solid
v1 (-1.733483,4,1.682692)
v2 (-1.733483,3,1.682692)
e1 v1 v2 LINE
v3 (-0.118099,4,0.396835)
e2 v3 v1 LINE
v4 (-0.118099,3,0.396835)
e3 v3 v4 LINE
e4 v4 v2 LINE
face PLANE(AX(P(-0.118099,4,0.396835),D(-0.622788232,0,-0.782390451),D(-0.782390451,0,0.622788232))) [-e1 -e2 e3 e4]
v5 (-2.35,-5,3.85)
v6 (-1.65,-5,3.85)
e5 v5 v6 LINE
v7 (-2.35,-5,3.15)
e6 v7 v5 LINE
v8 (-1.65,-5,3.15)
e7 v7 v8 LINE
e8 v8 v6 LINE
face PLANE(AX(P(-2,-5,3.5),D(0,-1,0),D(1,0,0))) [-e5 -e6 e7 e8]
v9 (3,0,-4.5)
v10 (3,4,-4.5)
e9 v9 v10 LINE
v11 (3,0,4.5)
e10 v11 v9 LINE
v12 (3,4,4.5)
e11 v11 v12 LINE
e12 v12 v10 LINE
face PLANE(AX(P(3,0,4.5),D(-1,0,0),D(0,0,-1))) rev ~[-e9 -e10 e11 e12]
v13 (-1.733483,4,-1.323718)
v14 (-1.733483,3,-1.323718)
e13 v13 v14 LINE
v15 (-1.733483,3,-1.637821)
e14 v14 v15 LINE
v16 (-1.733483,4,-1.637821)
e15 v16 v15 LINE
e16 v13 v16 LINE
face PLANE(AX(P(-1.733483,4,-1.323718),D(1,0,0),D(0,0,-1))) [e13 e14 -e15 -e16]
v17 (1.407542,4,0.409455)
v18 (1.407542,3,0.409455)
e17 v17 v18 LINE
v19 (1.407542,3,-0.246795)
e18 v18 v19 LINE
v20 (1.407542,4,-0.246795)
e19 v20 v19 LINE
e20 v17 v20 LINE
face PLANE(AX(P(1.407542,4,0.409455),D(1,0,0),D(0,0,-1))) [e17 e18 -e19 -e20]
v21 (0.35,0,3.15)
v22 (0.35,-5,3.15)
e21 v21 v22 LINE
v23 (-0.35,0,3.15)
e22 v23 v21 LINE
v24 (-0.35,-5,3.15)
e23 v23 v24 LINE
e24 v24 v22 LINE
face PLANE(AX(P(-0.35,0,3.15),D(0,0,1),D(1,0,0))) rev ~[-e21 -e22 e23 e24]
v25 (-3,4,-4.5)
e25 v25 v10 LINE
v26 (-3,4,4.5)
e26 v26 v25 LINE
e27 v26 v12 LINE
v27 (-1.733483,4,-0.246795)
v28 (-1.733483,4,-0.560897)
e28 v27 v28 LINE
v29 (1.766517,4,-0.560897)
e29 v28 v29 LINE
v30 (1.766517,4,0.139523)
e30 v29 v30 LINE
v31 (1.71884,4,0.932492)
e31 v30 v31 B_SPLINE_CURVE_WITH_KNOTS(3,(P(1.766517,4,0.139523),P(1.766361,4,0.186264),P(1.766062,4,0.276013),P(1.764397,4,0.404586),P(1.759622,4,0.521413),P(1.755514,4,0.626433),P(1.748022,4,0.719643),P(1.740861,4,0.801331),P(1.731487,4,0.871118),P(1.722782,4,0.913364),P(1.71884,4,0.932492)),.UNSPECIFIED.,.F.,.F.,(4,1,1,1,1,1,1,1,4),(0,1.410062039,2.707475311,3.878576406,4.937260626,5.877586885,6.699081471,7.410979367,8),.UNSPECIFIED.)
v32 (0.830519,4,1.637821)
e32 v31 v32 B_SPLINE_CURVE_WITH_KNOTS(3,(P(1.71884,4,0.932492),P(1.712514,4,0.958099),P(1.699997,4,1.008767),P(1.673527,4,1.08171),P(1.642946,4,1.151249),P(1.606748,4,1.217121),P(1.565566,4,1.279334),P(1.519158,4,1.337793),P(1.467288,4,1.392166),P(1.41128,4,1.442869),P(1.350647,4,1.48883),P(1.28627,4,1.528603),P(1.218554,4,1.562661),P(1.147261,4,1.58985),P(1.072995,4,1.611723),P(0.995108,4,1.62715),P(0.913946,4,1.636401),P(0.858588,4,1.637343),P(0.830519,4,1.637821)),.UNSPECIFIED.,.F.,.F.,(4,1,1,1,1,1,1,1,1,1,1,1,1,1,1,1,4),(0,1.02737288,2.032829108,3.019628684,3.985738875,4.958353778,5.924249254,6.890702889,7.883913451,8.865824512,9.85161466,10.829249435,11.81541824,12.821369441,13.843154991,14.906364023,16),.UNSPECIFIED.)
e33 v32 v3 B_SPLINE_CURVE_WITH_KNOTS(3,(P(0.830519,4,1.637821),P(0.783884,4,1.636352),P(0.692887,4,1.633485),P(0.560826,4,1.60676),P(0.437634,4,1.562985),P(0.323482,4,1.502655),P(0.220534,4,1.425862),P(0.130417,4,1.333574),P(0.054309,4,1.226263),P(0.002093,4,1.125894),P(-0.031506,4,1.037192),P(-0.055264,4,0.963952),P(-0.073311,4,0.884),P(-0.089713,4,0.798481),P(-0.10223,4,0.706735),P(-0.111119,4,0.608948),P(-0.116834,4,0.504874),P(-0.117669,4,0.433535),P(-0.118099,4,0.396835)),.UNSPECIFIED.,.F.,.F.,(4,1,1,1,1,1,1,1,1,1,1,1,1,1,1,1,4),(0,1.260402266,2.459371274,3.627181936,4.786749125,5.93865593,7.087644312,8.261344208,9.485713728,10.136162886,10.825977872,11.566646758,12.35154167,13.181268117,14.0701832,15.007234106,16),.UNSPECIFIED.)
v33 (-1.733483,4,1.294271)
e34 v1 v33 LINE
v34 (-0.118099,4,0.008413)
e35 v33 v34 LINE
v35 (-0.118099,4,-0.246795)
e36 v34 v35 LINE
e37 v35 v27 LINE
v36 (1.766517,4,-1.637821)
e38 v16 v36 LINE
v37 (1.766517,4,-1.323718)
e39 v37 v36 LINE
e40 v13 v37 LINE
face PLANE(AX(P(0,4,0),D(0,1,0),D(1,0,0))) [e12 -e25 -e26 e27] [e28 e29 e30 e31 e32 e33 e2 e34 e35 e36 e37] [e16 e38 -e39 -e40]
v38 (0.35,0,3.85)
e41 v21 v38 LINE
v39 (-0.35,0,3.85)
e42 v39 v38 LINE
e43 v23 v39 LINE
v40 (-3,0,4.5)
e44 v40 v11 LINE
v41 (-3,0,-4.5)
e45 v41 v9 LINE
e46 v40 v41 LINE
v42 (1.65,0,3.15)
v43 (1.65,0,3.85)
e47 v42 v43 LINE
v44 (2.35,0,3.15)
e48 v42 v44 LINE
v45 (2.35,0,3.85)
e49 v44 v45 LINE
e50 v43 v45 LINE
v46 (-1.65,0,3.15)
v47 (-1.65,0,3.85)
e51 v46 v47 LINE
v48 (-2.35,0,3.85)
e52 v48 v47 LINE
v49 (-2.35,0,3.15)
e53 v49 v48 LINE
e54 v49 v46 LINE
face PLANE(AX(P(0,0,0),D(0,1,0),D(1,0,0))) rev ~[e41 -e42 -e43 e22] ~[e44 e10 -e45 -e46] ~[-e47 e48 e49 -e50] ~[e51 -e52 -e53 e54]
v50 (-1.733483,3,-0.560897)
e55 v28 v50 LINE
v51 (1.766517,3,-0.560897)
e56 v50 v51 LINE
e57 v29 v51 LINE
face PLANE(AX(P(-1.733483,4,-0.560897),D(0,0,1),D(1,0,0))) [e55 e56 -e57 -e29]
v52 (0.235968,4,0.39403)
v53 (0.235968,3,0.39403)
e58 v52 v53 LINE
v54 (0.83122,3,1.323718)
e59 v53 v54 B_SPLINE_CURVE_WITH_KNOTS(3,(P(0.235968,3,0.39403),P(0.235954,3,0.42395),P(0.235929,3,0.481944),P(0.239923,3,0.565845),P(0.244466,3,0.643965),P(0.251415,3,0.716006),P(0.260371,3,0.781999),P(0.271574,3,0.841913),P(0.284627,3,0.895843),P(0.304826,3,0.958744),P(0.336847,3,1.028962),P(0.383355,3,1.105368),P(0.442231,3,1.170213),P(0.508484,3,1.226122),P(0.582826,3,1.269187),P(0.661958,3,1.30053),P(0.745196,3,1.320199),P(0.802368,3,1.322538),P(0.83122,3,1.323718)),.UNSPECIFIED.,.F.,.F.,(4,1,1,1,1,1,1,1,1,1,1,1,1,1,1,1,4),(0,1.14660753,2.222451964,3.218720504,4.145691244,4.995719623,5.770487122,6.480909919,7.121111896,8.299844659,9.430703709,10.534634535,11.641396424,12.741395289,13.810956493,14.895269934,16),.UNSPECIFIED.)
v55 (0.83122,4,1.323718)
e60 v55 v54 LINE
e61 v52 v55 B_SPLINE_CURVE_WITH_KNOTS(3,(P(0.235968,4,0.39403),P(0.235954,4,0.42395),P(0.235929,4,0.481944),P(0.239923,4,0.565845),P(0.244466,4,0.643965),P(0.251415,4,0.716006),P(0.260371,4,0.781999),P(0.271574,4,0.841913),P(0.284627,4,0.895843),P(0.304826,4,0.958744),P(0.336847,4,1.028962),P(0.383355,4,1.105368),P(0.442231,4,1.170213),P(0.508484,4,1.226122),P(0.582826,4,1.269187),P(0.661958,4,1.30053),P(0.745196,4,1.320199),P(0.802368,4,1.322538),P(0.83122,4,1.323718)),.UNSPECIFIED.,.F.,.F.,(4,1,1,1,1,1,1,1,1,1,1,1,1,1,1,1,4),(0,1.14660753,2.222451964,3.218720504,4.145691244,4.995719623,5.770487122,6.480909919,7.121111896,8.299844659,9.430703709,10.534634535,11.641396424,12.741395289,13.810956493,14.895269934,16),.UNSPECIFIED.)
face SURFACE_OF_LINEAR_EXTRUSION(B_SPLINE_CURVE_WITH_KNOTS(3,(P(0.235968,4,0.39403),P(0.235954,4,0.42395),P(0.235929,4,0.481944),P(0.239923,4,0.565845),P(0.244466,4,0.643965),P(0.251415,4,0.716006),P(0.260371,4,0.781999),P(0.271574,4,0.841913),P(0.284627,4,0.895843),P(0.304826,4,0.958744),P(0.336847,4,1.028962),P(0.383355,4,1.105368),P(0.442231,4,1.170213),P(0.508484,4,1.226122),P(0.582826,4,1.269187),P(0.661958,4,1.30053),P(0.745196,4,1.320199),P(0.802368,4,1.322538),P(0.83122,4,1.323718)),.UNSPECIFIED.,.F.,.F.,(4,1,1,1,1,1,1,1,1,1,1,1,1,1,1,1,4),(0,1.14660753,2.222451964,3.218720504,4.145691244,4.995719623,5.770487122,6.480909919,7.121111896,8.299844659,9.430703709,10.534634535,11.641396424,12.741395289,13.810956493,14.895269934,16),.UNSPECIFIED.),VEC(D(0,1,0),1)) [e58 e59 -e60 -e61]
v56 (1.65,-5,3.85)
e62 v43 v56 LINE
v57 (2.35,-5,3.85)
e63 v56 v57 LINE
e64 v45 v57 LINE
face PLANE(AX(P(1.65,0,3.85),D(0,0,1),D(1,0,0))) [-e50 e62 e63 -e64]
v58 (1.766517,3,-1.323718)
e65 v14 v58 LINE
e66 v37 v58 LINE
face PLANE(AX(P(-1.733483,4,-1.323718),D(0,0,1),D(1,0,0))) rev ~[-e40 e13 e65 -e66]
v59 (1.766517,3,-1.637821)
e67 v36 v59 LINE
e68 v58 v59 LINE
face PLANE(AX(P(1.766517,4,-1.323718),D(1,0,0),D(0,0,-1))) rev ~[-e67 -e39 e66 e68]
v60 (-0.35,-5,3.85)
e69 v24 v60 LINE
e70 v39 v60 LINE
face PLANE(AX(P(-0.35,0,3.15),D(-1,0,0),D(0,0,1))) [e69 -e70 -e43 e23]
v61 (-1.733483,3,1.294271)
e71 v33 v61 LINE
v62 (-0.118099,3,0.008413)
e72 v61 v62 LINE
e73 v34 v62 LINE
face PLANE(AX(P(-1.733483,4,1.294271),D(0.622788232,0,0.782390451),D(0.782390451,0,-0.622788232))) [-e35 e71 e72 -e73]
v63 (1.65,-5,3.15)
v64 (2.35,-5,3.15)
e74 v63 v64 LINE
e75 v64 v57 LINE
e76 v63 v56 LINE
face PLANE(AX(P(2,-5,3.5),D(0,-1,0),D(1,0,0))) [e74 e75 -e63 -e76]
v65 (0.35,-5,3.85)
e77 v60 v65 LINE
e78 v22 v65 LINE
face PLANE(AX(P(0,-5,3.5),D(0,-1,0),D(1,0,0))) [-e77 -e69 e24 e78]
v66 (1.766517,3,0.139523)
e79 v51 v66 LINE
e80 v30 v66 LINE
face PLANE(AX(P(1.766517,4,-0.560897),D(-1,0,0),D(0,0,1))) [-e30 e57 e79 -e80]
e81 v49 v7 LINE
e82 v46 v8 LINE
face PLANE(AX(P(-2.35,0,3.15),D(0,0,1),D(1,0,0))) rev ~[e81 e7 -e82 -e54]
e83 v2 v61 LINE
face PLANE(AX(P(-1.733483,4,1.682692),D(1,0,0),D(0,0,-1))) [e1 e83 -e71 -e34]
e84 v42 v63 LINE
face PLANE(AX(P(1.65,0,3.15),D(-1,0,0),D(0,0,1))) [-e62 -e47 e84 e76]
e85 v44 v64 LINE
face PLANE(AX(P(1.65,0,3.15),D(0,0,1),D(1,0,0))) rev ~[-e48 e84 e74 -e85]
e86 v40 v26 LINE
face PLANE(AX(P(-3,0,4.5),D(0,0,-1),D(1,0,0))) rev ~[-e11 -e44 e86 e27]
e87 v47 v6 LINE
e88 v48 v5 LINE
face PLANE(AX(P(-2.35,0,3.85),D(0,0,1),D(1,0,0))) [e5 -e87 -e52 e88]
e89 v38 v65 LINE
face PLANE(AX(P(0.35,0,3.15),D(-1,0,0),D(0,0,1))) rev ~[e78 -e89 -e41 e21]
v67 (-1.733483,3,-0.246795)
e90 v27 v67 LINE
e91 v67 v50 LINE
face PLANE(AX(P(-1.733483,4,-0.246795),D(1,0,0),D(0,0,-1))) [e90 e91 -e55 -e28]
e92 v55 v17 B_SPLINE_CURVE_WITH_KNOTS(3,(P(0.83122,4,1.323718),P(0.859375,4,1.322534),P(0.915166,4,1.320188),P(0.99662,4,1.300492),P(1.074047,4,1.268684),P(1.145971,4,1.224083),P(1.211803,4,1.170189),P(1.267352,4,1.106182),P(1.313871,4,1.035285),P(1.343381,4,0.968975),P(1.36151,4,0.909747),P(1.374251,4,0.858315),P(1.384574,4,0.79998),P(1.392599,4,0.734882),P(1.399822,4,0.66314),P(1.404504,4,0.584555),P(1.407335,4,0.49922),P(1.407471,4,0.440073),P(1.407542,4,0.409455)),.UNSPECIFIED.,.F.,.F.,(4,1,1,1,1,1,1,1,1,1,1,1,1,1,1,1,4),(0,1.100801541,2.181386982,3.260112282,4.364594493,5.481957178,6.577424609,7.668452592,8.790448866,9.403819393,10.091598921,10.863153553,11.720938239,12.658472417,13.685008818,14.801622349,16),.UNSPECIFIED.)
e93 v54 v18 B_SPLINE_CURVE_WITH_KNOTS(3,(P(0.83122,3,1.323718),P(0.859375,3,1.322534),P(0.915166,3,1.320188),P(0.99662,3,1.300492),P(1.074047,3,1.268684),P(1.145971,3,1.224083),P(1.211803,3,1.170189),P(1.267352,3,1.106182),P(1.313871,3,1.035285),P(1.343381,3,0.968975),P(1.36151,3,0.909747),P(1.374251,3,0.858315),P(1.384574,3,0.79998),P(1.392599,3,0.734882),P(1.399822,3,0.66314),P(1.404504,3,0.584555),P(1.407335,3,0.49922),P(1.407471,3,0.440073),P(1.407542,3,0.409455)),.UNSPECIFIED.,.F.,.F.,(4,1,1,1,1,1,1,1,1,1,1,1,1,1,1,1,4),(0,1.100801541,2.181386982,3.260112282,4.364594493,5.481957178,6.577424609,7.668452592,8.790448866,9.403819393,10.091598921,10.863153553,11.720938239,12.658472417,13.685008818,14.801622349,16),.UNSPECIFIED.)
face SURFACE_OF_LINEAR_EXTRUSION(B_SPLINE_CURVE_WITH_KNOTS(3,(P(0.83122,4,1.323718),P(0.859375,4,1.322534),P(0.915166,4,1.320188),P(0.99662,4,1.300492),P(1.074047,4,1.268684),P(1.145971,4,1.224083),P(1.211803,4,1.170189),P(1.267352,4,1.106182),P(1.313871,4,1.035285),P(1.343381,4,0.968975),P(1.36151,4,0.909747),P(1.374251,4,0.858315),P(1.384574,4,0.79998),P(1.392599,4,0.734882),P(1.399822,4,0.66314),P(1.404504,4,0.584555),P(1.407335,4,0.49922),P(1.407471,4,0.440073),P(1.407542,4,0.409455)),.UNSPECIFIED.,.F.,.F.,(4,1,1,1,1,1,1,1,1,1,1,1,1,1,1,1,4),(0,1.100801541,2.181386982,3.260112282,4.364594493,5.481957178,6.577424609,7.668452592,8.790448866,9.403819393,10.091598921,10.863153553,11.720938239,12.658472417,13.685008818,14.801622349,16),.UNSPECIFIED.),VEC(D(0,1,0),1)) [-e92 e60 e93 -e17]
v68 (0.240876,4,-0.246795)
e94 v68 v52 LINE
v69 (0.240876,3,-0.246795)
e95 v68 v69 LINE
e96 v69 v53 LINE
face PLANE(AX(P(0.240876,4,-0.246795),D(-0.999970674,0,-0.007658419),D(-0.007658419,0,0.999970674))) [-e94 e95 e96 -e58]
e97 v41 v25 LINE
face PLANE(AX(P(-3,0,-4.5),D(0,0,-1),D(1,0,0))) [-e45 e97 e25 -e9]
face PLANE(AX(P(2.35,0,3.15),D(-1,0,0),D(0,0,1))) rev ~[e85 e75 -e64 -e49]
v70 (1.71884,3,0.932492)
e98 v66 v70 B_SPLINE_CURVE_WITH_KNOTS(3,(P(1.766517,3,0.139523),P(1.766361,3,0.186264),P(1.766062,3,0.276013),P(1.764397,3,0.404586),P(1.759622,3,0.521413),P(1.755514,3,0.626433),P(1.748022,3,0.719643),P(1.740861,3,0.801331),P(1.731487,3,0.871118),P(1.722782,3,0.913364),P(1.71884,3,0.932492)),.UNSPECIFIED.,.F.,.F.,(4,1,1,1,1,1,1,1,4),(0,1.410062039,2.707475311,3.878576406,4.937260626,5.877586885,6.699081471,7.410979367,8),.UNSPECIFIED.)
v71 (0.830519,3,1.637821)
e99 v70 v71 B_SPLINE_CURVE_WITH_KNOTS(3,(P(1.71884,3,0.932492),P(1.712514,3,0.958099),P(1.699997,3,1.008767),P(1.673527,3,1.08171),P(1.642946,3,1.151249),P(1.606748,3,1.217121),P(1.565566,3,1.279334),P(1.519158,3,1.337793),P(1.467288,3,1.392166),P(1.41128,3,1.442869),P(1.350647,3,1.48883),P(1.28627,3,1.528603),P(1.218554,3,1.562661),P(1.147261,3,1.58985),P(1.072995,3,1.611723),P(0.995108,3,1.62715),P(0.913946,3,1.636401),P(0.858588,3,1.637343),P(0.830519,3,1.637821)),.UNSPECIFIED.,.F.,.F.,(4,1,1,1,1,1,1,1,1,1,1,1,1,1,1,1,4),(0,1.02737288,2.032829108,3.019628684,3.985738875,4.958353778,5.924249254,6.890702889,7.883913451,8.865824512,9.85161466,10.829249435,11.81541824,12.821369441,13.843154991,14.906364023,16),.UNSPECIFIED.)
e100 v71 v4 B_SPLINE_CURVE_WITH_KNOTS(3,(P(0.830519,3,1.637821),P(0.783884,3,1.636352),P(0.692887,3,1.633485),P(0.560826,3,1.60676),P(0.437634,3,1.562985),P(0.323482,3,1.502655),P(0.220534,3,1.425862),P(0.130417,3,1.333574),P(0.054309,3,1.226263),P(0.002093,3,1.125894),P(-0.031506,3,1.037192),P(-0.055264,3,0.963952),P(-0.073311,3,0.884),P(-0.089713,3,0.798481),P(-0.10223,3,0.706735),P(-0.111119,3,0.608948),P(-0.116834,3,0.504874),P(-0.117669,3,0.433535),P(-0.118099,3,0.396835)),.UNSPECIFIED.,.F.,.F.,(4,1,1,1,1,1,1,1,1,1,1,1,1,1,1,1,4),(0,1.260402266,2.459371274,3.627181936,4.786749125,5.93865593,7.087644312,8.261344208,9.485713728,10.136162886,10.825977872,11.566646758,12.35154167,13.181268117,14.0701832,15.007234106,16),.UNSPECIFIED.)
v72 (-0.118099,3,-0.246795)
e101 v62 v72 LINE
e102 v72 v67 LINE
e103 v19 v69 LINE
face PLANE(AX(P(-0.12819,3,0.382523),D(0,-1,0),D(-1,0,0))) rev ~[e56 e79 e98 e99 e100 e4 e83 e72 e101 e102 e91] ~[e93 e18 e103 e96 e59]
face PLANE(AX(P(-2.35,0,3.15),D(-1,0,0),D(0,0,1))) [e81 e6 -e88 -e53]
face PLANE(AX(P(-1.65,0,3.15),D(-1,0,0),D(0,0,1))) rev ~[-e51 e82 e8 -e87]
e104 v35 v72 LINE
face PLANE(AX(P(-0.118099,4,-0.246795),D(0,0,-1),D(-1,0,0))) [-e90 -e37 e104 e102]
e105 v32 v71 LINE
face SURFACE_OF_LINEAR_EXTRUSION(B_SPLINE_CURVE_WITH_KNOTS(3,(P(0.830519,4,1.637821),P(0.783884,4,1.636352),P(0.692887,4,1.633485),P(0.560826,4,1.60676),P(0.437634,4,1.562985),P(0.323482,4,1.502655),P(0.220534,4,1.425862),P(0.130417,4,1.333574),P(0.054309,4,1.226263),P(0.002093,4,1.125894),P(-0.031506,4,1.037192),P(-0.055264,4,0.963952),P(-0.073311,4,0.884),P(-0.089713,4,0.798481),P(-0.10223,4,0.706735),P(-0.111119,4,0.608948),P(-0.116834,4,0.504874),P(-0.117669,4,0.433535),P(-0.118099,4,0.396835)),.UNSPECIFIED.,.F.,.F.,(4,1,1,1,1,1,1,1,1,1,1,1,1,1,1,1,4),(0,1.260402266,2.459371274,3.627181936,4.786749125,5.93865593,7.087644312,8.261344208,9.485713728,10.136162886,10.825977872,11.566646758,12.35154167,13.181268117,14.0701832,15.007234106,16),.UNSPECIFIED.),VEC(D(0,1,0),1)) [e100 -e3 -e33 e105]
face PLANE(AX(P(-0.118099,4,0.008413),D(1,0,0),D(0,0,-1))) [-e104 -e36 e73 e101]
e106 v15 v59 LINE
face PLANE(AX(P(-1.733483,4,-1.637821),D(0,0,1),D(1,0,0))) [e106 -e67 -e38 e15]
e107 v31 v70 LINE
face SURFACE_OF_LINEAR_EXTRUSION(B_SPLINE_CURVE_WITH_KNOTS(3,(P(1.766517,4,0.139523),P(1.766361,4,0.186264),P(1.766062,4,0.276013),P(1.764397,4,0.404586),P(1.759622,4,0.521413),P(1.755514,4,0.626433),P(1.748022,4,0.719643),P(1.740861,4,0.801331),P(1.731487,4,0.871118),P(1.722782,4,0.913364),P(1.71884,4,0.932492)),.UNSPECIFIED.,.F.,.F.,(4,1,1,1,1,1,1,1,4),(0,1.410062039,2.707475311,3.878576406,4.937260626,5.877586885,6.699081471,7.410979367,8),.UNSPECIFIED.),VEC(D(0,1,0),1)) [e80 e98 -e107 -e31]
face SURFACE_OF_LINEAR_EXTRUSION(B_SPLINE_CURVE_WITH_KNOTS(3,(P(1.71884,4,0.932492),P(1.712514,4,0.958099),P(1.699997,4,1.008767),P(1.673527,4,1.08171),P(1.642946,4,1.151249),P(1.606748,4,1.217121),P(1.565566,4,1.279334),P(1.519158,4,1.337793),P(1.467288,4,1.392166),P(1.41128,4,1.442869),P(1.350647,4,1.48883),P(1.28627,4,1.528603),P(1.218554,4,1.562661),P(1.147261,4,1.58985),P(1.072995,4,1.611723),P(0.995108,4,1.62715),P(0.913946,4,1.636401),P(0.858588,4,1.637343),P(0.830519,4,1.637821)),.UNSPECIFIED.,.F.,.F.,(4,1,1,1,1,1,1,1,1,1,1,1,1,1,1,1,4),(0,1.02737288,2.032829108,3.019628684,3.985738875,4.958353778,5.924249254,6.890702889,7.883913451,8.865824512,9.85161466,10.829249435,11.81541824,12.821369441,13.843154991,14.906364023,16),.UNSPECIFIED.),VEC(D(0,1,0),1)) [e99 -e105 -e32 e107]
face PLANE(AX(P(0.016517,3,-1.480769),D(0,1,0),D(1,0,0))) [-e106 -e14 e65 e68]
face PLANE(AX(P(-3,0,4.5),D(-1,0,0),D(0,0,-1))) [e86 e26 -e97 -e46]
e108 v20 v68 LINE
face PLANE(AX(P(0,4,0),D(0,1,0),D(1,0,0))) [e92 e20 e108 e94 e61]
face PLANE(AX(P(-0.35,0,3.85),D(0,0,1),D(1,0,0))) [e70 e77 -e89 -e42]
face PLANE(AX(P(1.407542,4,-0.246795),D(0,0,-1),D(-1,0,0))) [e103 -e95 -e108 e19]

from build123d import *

# Parameters (mm, degrees)
SKETCH1_W           = 6
SKETCH1_H           = 9
BOSS_EXTRUDE1_DEPTH = 4
SKETCH2_W           = 0.7
SKETCH2_H           = 0.7
BOSS_EXTRUDE2_DEPTH = 5
SKETCH3_W           = 3.5
SKETCH3_H           = 0.314102564
CUT_EXTRUDE1_DEPTH  = 1


with BuildPart() as part:
    # Sketch1 → Boss-Extrude1 (new body)
    with BuildSketch(Plane(origin=(0, 0, 0), x_dir=(1, 0, 0), z_dir=(0, 1, 0))):
        Rectangle(SKETCH1_W, SKETCH1_H)
    extrude(amount=BOSS_EXTRUDE1_DEPTH)

    # Sketch2 → Boss-Extrude2 (add)
    with BuildSketch(Plane.XZ):
        with Locations((-2, 3.5)):
            Rectangle(SKETCH2_W, SKETCH2_H)
        with Locations((0, 3.5)):
            Rectangle(SKETCH2_W, SKETCH2_H)
        with Locations((2, 3.5)):
            Rectangle(SKETCH2_W, SKETCH2_H)
    extrude(amount=BOSS_EXTRUDE2_DEPTH)

    # Sketch3 → Cut-Extrude1 (cut)
    # profile 1 of 2: a face of its own
    with BuildSketch(Plane(origin=(0, 4, 0), x_dir=(1, 0, 0), z_dir=(0, 1, 0))):
        with Locations((0.016516605, 1.480769231)):
            Rectangle(SKETCH3_W, SKETCH3_H)
    # profile 2 of 2: a face of its own
    with BuildSketch(Plane(origin=(0, 4, 0), x_dir=(1, 0, 0), z_dir=(0, 1, 0))):
        with BuildLine():
            Line((1.766516605, 0.560897436), (1.766516605, -0.139523237))
            add(Edge.make_bspline(
                [(1.766516605, -0.139523237), (1.766361019, -0.186264366), (1.766062277, -0.27601251), (1.764396514, -0.40458578), (1.759622158, -0.521412877), (1.755513575, -0.626432717), (1.748021633, -0.719643372), (1.740860986, -0.801330663), (1.731487326, -0.87111836), (1.722781903, -0.913364211), (1.718840323, -0.932491987)],
                knots=[0, 0, 0, 0, 1.410062039, 2.707475311, 3.878576406, 4.937260626, 5.877586885, 6.699081471, 7.410979367, 8, 8, 8, 8], degree=3))
            add(Edge.make_bspline(
                [(1.718840323, -0.932491987), (1.712514276, -0.958099062), (1.699997132, -1.008766944), (1.673527119, -1.081710467), (1.64294591, -1.151248932), (1.606748352, -1.217121383), (1.565565808, -1.27933393), (1.519157663, -1.337793424), (1.467287579, -1.392165635), (1.4112801, -1.442868932), (1.350646542, -1.488829838), (1.286270173, -1.528602989), (1.218553628, -1.562660539), (1.147261096, -1.589849705), (1.072995235, -1.611722556), (0.995107565, -1.627150208), (0.913946279, -1.636401005), (0.858588413, -1.637342914), (0.830519009, -1.637820513)],
                knots=[0, 0, 0, 0, 1.02737288, 2.032829108, 3.019628684, 3.985738875, 4.958353778, 5.924249254, 6.890702889, 7.883913451, 8.865824512, 9.85161466, 10.829249435, 11.81541824, 12.821369441, 13.843154991, 14.906364023, 16, 16, 16, 16], degree=3))
            add(Edge.make_bspline(
                [(0.830519009, -1.637820513), (0.783883851, -1.636351553), (0.692886578, -1.633485231), (0.560826446, -1.606759595), (0.437634391, -1.562985023), (0.323481852, -1.502654559), (0.220533831, -1.425861636), (0.130417059, -1.333574003), (0.05430934, -1.22626297), (0.002092736, -1.125894415), (-0.031505665, -1.037192031), (-0.055264297, -0.963952361), (-0.073311274, -0.883999597), (-0.089713454, -0.798480783), (-0.102229635, -0.706735362), (-0.111118503, -0.608948089), (-0.116834112, -0.50487439), (-0.117669187, -0.433534628), (-0.118098779, -0.396834936)],
                knots=[0, 0, 0, 0, 1.260402266, 2.459371274, 3.627181936, 4.786749125, 5.93865593, 7.087644312, 8.261344208, 9.485713728, 10.136162886, 10.825977872, 11.566646758, 12.35154167, 13.181268117, 14.0701832, 15.007234106, 16, 16, 16, 16], degree=3))
            Line((-0.118098779, -0.396834936), (-1.733483395, -1.682692308))
            Line((-1.733483395, -1.682692308), (-1.733483395, -1.294270833))
            Line((-1.733483395, -1.294270833), (-0.118098779, -0.008413462))
            Line((-0.118098779, -0.008413462), (-0.118098779, 0.246794872))
            Line((-0.118098779, 0.246794872), (-1.733483395, 0.246794872))
            Line((-1.733483395, 0.246794872), (-1.733483395, 0.560897436))
            Line((-1.733483395, 0.560897436), (1.766516605, 0.560897436))
        make_face()
        with BuildLine():
            Line((1.407542246, 0.246794872), (0.24087558, 0.246794872))
            Line((0.24087558, 0.246794872), (0.235967727, -0.394030449))
            add(Edge.make_bspline(
                [(0.235967727, -0.394030449), (0.23595449, -0.423950488), (0.235928834, -0.481944044), (0.239922609, -0.565844711), (0.244465932, -0.643964817), (0.251415263, -0.716005588), (0.260371383, -0.781999101), (0.271574209, -0.841912719), (0.284626785, -0.895843103), (0.304826248, -0.958744454), (0.336846887, -1.02896197), (0.383355041, -1.105368013), (0.442230666, -1.170213186), (0.508484032, -1.226122294), (0.582826418, -1.269186547), (0.661958048, -1.300529767), (0.745195752, -1.320199384), (0.802367596, -1.322537824), (0.831220131, -1.323717949)],
                knots=[0, 0, 0, 0, 1.14660753, 2.222451964, 3.218720504, 4.145691244, 4.995719623, 5.770487122, 6.480909919, 7.121111896, 8.299844659, 9.430703709, 10.534634535, 11.641396424, 12.741395289, 13.810956493, 14.895269934, 16, 16, 16, 16], degree=3))
            add(Edge.make_bspline(
                [(0.831220131, -1.323717949), (0.85937451, -1.322534196), (0.915166216, -1.320188431), (0.996619653, -1.300491656), (1.074046514, -1.268684245), (1.145970993, -1.224082893), (1.211802985, -1.170189), (1.267351902, -1.106181988), (1.313870883, -1.035285329), (1.343381026, -0.968975107), (1.361509576, -0.909746951), (1.37425074, -0.858314844), (1.384573588, -0.799980074), (1.392599408, -0.734882443), (1.399821729, -0.663139722), (1.40450449, -0.584555466), (1.407334752, -0.499220423), (1.407471472, -0.440073241), (1.407542246, -0.409455128)],
                knots=[0, 0, 0, 0, 1.100801541, 2.181386982, 3.260112282, 4.364594493, 5.481957178, 6.577424609, 7.668452592, 8.790448866, 9.403819393, 10.091598921, 10.863153553, 11.720938239, 12.658472417, 13.685008818, 14.801622349, 16, 16, 16, 16], degree=3))
            Line((1.407542246, -0.409455128), (1.407542246, 0.246794872))
        make_face(mode=Mode.SUBTRACT)
    extrude(amount=-CUT_EXTRUDE1_DEPTH, mode=Mode.SUBTRACT)


solid = part.part
